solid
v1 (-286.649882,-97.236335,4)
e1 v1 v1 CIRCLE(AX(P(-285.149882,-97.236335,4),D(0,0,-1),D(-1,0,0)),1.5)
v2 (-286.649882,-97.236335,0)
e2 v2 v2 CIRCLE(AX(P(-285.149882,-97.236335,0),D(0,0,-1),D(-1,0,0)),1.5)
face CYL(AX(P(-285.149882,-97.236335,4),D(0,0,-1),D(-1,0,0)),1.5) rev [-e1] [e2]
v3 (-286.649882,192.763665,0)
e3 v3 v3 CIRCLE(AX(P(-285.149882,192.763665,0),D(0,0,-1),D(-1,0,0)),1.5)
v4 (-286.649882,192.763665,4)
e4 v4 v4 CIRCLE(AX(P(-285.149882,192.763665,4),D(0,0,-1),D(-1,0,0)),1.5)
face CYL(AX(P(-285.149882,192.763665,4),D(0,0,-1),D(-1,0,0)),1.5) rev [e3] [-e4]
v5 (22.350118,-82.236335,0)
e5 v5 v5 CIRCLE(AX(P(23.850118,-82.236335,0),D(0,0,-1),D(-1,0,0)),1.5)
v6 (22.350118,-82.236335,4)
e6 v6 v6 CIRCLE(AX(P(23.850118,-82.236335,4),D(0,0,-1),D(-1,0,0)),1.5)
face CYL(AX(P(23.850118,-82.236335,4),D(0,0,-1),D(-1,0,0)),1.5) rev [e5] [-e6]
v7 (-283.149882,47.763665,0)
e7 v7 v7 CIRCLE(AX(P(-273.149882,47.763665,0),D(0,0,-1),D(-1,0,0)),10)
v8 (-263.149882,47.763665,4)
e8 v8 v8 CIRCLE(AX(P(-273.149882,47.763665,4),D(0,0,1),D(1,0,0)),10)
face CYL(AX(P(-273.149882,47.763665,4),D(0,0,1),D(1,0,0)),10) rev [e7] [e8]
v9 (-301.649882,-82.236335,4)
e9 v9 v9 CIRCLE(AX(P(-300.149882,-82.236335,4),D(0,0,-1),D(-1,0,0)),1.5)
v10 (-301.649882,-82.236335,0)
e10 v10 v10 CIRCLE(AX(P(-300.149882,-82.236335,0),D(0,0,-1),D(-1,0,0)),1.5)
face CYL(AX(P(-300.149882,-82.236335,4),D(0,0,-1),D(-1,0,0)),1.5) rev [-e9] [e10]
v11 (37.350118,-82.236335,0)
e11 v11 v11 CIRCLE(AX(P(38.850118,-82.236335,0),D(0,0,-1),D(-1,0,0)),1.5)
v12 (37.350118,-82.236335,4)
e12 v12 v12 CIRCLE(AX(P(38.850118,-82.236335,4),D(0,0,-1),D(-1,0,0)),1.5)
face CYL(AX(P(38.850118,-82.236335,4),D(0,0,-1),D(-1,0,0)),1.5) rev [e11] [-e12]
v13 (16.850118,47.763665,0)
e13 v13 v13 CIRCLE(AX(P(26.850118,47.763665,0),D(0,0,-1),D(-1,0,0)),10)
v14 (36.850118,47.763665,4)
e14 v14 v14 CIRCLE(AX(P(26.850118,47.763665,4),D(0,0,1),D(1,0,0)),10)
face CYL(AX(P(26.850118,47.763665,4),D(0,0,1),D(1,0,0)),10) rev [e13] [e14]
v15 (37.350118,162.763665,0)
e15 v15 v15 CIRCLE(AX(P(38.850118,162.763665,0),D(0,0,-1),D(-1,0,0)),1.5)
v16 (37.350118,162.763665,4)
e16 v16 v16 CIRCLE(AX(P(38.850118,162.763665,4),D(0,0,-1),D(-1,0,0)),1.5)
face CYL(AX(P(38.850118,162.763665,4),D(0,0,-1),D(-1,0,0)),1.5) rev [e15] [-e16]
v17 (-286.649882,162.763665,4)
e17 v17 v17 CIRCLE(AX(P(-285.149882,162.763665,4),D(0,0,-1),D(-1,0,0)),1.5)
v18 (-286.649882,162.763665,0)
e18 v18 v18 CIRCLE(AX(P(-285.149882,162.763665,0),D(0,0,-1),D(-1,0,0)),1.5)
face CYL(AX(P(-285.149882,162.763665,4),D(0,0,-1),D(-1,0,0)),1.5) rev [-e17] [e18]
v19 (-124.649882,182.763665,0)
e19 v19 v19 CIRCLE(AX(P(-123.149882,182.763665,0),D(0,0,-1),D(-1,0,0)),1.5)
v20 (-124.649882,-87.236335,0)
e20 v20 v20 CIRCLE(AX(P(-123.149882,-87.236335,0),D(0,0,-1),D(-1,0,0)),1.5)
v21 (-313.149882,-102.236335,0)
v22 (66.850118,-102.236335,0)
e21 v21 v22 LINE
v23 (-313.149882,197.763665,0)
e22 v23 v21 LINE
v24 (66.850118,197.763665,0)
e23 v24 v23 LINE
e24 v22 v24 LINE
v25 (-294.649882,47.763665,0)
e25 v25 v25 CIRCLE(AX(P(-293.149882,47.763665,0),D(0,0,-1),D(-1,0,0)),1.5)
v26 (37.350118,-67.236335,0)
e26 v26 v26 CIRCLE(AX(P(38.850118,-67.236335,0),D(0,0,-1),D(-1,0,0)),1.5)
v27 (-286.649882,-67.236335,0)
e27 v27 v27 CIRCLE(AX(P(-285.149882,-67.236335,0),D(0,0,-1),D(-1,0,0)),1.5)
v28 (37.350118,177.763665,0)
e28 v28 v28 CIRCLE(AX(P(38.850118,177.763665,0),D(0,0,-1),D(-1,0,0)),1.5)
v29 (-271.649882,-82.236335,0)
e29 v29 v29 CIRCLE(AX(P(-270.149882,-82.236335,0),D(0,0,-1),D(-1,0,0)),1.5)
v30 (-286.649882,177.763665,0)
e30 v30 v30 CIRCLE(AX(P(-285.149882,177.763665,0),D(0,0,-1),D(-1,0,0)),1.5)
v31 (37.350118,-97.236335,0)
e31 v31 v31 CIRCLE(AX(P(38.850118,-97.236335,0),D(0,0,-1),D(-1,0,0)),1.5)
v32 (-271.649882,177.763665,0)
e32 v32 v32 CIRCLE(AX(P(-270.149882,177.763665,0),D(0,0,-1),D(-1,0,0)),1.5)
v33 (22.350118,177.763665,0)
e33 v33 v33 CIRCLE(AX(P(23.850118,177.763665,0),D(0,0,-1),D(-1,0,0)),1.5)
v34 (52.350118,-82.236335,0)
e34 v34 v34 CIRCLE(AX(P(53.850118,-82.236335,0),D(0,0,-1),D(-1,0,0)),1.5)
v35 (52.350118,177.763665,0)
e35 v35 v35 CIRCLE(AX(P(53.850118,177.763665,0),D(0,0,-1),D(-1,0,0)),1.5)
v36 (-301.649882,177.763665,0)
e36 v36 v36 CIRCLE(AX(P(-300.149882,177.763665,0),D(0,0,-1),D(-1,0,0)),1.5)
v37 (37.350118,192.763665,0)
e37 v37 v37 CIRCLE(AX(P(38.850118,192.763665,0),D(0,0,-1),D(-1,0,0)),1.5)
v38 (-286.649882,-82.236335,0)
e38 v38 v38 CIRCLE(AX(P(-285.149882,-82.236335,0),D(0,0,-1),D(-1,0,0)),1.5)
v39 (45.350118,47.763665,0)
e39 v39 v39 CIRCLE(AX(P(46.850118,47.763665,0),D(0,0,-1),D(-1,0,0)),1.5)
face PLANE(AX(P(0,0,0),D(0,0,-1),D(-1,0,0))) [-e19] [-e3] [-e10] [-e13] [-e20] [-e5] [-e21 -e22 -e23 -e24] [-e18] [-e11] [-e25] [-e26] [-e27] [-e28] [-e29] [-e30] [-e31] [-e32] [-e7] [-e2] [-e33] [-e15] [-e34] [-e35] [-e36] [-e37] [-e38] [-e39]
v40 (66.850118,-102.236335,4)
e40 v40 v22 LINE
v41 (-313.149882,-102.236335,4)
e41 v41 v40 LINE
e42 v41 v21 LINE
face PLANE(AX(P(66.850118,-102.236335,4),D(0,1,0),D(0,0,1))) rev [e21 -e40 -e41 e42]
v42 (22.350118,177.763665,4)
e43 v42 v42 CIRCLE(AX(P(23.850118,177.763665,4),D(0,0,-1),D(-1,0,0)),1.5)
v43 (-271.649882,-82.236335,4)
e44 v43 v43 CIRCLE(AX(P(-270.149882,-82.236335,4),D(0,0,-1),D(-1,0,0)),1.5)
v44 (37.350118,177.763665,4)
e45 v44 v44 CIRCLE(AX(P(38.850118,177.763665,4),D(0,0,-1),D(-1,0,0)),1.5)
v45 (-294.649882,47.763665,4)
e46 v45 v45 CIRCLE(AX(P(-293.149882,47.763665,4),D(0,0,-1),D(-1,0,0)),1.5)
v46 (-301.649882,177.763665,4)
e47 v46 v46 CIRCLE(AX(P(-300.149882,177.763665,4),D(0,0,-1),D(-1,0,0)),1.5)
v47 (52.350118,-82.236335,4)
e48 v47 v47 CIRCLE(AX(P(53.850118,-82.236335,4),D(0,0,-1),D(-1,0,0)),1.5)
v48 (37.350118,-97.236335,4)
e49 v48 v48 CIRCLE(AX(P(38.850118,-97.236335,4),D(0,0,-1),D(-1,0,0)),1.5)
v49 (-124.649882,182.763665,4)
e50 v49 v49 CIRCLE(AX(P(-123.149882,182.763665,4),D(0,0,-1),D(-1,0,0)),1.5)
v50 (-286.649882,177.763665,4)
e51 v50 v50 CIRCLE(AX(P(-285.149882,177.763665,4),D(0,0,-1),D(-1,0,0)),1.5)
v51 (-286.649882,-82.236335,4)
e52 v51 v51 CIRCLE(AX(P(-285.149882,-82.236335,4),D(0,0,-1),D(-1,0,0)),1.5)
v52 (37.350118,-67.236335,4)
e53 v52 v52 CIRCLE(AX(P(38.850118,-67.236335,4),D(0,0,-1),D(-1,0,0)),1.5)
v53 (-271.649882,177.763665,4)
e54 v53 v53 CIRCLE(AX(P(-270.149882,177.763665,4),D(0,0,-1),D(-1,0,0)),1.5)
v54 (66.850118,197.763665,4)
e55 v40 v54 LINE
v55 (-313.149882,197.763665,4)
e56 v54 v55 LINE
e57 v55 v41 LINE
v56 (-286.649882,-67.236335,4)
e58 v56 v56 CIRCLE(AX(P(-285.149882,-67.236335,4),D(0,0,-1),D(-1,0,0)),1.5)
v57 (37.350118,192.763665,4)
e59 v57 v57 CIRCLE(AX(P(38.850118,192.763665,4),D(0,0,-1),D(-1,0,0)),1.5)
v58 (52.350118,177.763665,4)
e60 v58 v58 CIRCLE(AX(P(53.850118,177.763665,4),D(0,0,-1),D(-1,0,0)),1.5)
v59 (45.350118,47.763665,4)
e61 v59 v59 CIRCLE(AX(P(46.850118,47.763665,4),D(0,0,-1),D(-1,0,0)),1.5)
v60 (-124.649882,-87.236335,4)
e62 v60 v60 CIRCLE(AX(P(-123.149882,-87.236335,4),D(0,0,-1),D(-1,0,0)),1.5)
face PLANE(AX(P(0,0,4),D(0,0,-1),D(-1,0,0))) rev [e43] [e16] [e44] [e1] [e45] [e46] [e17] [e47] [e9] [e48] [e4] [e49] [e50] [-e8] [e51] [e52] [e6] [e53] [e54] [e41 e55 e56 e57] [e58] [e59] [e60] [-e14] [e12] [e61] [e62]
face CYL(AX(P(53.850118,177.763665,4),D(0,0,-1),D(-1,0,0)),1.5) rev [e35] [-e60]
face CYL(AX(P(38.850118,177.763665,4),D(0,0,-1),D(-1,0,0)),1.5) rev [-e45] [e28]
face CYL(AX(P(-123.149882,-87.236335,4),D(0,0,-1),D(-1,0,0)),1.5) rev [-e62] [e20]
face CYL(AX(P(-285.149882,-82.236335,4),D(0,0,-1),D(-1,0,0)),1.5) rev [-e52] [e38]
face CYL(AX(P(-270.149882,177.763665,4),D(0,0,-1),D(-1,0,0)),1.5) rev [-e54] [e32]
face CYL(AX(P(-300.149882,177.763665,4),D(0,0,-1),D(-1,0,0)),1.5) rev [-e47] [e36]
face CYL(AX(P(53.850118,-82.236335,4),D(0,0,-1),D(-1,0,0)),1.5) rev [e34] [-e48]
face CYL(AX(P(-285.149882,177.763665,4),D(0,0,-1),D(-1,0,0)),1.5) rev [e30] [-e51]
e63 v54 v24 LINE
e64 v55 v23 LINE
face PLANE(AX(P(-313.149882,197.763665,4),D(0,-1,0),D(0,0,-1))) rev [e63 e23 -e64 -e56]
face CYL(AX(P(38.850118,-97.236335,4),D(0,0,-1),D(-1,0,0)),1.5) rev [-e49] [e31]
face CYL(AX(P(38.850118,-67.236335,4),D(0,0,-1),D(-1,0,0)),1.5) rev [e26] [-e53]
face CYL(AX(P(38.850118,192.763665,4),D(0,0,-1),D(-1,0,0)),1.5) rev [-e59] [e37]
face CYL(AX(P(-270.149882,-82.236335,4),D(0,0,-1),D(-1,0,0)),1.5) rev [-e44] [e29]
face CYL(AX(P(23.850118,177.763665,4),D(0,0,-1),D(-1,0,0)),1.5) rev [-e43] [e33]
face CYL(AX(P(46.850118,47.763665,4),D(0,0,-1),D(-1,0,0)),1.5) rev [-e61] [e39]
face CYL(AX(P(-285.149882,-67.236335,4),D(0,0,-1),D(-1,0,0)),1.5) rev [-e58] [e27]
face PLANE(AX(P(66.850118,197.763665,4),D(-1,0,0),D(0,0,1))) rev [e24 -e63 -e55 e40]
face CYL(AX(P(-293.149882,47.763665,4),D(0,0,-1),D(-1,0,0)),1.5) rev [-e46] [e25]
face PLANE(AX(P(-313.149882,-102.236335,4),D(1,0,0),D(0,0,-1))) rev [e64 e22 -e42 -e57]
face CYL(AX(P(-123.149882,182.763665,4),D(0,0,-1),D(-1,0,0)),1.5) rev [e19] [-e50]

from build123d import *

# Parameters (mm, degrees)
SKETCH3_W           = 380
SKETCH3_H           = 300
BOSS_EXTRUDE1_DEPTH = 4
HOLE2_D             = 20
HOLE2_DEPTH         = 100
SKETCH10_R          = 1.5
CUT_EXTRUDE1_DEPTH  = 4
SKETCH11_R          = 1.5
CUT_EXTRUDE2_DEPTH  = 4


with BuildPart() as part:
    # Sketch3 → Boss-Extrude1 (new body)
    with BuildSketch(Plane.XY):
        with Locations((-123.149881766, 47.763665148)):
            Rectangle(SKETCH3_W, SKETCH3_H)
    extrude(amount=BOSS_EXTRUDE1_DEPTH)

    # Hole2
    with Locations(Plane(origin=(-273.149881766, 47.763665148, 4), x_dir=(1, 0, 0), z_dir=(0, 0, 1))):
        with Locations((0, 0), (300, 0)):
            Hole(HOLE2_D / 2, depth=HOLE2_DEPTH)

    # Sketch10 → Cut-Extrude1 (cut)
    with BuildSketch(Plane(origin=(0, 0, 0), x_dir=(-1, 0, 0), z_dir=(0, 0, -1))):
        with Locations((285.149881766, 177.763665148)):
            Circle(SKETCH10_R)
        with Locations((270.149881766, 177.763665148)):
            Circle(SKETCH10_R)
        with Locations((285.149881766, 192.763665148)):
            Circle(SKETCH10_R)
        with Locations((300.149881766, 177.763665148)):
            Circle(SKETCH10_R)
        with Locations((285.149881766, 162.763665148)):
            Circle(SKETCH10_R)
        with Locations((-38.850118234, 162.763665148)):
            Circle(SKETCH10_R)
        with Locations((-53.850118234, 177.763665148)):
            Circle(SKETCH10_R)
        with Locations((-38.850118234, 177.763665148)):
            Circle(SKETCH10_R)
        with Locations((-38.850118234, 192.763665148)):
            Circle(SKETCH10_R)
        with Locations((-23.850118234, 177.763665148)):
            Circle(SKETCH10_R)
        with Locations((-38.850118234, -97.236334852)):
            Circle(SKETCH10_R)
        with Locations((-53.850118234, -82.236334852)):
            Circle(SKETCH10_R)
        with Locations((-38.850118234, -82.236334852)):
            Circle(SKETCH10_R)
        with Locations((-38.850118234, -67.236334852)):
            Circle(SKETCH10_R)
        with Locations((-23.850118234, -82.236334852)):
            Circle(SKETCH10_R)
        with Locations((285.149881766, -97.236334852)):
            Circle(SKETCH10_R)
        with Locations((270.149881766, -82.236334852)):
            Circle(SKETCH10_R)
        with Locations((285.149881766, -82.236334852)):
            Circle(SKETCH10_R)
        with Locations((285.149881766, -67.236334852)):
            Circle(SKETCH10_R)
        with Locations((300.149881766, -82.236334852)):
            Circle(SKETCH10_R)
    extrude(amount=-CUT_EXTRUDE1_DEPTH, mode=Mode.SUBTRACT)

    # Sketch11 → Cut-Extrude2 (cut)
    with BuildSketch(Plane(origin=(0, 0, 0), x_dir=(-1, 0, 0), z_dir=(0, 0, -1))):
        with Locations((293.149881766, 47.763665148)):
            Circle(SKETCH11_R)
        with Locations((123.149881766, 182.763665148)):
            Circle(SKETCH11_R)
        with Locations((-46.850118234, 47.763665148)):
            Circle(SKETCH11_R)
        with Locations((123.149881766, -87.236334852)):
            Circle(SKETCH11_R)
    extrude(amount=-CUT_EXTRUDE2_DEPTH, mode=Mode.SUBTRACT)


solid = part.part
